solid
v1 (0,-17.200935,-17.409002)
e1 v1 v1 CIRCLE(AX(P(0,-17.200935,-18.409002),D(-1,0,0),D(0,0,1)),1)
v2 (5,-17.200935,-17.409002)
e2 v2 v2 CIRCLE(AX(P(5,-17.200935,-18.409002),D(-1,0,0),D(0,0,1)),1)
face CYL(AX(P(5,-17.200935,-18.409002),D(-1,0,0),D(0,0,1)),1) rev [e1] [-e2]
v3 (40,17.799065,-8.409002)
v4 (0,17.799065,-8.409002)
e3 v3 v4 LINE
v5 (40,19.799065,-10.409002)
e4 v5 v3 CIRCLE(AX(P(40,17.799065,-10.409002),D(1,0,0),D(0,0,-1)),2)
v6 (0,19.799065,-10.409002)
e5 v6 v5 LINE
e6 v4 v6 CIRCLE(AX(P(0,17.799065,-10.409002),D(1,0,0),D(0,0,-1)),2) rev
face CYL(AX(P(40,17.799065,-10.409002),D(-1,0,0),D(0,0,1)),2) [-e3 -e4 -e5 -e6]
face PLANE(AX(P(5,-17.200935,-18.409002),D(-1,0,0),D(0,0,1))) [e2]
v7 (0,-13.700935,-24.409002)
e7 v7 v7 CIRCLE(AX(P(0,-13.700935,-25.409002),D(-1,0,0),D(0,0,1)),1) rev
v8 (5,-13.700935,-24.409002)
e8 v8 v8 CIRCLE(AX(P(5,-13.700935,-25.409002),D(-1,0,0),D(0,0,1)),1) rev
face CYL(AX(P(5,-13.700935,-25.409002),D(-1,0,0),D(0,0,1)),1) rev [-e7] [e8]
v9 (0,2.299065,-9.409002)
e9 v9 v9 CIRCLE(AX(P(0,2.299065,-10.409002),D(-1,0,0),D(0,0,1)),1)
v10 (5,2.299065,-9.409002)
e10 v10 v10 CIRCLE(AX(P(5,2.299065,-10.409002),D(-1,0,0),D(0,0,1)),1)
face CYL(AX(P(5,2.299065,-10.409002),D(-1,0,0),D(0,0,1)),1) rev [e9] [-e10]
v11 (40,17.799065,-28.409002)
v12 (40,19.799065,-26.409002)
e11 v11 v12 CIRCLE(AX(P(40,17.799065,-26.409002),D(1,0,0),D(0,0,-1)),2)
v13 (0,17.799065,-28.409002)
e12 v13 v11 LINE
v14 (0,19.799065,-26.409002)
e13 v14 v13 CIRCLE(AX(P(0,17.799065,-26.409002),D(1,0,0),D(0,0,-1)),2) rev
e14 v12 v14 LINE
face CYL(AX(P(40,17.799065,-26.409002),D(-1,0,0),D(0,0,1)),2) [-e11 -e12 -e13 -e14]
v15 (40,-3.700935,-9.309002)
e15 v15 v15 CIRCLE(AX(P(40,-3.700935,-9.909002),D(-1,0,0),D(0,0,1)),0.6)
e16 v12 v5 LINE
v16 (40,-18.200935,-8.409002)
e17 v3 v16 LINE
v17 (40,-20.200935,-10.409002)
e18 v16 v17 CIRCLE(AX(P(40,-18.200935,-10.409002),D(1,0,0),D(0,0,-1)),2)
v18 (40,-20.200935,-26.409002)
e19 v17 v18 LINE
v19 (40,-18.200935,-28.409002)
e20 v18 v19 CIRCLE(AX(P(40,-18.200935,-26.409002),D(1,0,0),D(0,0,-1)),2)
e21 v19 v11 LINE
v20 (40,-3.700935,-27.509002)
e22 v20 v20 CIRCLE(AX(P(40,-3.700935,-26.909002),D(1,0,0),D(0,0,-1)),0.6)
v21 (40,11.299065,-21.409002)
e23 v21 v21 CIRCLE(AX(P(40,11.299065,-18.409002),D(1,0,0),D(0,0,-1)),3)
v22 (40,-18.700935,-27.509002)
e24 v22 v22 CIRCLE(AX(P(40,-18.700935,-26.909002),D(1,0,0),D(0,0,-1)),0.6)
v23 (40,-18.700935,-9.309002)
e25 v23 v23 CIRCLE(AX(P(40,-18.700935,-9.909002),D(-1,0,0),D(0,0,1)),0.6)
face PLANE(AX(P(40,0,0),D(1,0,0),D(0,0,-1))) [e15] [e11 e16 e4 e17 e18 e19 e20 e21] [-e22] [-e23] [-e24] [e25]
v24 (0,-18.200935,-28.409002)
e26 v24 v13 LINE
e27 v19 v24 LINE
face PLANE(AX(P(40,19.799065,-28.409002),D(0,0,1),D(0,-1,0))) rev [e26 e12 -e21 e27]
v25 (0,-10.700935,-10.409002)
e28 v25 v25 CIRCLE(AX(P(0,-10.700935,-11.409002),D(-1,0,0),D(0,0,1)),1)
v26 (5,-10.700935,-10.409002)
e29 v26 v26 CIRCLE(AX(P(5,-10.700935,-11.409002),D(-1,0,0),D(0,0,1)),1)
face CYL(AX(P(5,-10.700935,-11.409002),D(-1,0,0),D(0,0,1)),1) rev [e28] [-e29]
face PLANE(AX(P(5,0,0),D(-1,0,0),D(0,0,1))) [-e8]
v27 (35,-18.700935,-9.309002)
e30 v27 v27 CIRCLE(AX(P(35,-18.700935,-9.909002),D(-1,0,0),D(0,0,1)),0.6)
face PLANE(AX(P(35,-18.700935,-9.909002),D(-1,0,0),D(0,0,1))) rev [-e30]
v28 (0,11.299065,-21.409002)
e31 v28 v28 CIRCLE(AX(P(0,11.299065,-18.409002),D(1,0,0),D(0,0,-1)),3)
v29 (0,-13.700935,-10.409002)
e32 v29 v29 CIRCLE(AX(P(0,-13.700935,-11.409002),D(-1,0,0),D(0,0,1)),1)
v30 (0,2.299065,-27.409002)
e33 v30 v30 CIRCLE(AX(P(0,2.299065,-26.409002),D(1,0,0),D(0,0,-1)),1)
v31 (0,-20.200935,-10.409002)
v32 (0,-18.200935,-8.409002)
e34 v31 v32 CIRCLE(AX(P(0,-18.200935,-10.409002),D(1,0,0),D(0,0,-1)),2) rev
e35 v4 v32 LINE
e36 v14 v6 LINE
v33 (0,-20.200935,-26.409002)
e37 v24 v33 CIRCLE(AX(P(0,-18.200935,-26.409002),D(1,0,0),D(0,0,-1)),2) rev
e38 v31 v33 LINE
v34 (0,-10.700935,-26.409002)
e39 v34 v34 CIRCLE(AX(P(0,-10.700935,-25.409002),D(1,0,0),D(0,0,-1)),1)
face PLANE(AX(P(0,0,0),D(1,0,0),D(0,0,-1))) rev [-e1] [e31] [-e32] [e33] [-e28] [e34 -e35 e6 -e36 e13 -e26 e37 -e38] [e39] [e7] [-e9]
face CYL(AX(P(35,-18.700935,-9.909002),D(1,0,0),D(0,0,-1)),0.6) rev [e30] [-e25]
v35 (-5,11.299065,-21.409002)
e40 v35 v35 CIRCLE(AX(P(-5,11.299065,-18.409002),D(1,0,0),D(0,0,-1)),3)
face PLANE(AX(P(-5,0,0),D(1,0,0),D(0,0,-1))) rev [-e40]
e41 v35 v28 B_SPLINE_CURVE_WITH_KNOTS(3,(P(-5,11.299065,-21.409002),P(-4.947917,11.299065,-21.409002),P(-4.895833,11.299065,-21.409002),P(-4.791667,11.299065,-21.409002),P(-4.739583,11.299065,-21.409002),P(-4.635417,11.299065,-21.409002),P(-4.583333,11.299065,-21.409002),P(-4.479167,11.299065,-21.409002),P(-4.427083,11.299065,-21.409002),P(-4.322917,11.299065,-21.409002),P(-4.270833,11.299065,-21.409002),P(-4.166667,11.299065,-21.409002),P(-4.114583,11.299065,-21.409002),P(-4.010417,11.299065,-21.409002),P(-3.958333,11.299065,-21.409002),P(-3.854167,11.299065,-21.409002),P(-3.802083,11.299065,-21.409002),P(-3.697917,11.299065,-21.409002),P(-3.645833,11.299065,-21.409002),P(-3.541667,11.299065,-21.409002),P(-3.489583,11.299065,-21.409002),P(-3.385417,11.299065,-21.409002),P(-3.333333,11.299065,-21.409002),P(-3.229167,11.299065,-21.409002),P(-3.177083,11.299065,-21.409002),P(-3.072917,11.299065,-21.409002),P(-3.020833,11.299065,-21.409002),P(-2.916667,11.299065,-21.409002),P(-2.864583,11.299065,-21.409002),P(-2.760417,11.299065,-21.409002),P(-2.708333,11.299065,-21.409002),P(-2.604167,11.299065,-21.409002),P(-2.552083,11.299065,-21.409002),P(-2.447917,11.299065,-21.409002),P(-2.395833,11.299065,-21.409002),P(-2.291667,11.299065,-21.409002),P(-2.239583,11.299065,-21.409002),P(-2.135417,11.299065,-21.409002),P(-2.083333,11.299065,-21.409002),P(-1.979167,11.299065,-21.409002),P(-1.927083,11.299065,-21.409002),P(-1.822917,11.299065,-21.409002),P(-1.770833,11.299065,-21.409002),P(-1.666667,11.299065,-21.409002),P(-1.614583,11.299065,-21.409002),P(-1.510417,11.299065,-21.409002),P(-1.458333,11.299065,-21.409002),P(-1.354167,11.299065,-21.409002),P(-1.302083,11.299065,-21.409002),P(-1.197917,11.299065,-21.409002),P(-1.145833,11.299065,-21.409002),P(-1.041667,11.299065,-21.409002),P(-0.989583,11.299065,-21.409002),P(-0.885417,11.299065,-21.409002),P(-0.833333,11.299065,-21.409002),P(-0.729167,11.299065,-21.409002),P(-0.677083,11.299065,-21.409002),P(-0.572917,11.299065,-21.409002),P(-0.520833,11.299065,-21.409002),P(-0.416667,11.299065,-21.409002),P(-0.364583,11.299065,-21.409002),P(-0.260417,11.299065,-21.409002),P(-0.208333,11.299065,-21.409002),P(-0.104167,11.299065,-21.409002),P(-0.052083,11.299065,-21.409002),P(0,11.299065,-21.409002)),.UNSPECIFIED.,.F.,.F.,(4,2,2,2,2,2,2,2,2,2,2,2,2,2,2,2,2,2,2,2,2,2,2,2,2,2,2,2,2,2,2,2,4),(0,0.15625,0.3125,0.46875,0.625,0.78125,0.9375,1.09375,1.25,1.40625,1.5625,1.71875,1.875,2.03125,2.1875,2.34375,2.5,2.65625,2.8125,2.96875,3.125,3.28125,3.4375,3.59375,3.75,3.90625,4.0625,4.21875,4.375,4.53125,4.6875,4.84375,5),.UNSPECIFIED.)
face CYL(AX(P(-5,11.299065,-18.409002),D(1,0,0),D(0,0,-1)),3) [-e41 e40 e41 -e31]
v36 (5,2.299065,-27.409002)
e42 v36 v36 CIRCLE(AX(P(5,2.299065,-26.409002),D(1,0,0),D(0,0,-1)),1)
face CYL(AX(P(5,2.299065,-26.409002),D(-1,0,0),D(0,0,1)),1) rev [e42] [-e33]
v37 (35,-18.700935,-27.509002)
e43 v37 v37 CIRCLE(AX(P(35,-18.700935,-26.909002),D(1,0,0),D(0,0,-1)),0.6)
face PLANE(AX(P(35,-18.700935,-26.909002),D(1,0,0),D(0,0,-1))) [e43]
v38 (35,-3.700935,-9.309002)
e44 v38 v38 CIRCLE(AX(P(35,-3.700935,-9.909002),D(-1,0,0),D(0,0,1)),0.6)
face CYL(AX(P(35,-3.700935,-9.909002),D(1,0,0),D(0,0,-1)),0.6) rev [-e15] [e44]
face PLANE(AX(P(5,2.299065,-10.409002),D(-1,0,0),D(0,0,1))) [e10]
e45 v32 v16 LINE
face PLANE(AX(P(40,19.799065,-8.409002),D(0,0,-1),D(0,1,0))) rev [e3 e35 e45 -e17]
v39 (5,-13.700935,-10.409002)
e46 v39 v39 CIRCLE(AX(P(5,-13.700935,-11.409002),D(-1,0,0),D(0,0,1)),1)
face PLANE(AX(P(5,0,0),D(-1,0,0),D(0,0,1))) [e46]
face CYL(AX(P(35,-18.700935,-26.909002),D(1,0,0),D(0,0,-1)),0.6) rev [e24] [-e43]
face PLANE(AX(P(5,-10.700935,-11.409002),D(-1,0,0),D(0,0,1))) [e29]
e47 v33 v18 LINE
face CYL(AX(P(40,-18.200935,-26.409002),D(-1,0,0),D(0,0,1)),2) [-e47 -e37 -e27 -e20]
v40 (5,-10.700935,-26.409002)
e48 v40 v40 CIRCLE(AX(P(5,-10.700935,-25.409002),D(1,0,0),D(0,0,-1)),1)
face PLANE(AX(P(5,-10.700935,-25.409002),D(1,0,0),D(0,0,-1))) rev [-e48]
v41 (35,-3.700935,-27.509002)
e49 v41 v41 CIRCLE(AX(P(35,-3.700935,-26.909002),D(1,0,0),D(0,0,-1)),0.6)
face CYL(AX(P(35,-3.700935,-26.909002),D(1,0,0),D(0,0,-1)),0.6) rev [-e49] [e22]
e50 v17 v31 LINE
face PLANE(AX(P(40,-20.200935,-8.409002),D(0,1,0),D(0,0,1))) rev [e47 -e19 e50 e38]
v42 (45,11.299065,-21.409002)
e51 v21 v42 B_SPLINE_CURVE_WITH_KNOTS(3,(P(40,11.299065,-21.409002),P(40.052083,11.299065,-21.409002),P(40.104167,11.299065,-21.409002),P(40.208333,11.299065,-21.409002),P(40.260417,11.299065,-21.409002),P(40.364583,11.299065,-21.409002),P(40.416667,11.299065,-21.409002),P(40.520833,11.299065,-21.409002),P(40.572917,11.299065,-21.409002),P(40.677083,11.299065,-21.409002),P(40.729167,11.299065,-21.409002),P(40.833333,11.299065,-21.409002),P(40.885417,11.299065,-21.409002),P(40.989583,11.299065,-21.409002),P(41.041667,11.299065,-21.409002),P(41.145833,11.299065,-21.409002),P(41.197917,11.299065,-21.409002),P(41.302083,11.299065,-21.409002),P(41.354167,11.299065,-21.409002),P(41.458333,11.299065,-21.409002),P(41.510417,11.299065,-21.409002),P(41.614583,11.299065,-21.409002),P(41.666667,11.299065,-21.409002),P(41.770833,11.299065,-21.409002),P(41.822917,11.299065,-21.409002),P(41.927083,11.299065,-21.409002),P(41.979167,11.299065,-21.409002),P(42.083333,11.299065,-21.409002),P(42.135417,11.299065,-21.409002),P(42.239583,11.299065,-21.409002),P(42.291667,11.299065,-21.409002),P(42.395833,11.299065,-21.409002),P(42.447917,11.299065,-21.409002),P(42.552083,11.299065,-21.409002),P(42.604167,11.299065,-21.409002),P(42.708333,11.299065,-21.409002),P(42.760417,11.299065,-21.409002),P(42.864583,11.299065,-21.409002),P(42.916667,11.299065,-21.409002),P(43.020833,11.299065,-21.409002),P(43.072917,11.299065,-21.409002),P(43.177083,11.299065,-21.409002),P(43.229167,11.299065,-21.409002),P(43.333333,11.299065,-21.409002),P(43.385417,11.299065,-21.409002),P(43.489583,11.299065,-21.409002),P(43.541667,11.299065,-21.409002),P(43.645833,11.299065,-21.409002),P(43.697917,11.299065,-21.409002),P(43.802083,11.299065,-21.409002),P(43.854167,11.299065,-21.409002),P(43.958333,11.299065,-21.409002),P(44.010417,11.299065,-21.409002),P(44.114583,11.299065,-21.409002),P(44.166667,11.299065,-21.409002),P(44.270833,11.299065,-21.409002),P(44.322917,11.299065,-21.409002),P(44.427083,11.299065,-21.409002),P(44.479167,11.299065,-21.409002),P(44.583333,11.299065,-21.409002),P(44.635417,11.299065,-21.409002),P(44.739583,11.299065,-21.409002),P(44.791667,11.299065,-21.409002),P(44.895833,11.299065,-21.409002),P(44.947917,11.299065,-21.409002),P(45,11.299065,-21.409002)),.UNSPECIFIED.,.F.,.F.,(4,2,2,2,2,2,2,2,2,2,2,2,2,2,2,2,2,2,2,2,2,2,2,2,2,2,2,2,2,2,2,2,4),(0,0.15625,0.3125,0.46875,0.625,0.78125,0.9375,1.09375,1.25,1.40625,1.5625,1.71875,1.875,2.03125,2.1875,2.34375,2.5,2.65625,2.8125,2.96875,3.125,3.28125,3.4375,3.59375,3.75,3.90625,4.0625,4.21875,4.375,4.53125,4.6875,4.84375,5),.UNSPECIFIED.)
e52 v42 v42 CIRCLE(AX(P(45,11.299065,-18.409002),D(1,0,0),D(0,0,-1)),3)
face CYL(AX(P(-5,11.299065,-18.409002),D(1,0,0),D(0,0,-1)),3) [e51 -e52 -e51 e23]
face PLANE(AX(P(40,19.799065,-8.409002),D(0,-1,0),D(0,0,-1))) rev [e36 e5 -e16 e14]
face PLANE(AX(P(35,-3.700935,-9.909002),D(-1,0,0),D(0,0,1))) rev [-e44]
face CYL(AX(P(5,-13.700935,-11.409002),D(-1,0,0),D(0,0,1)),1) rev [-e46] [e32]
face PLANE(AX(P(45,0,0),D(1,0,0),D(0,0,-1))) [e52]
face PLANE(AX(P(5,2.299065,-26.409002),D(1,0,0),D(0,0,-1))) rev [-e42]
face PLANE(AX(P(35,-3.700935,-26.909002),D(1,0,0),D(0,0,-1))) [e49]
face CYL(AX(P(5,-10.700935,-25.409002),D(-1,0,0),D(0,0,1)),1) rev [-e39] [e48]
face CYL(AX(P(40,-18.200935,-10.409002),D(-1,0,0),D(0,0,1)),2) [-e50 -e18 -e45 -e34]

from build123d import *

# Parameters (mm, degrees)
SKETCH_1_W           = 20
SKETCH_1_H           = 40
EXTRUDE_1_DEPTH      = 40
SKETCH_2_R           = 0.6
CUT_EXTRUDE_1_DEPTH  = 5
EXTRUDE_3_DEPTH      = 5
EXTRUDE_3_DEPTH_BACK = 45
SKETCH_3_R           = 3
SKETCH_4_R           = 1
CUT_EXTRUDE_2_DEPTH  = 5
FILLET_1_R           = 2


with BuildPart() as part:
    # ｽｹｯﾁ1 → ﾎﾞｽ - 押し出し1 (new body)
    with BuildSketch(Plane(origin=(0, 0, 0), x_dir=(0, 0, -1), z_dir=(1, 0, 0))):
        with Locations((18.409001804, -0.200935369)):
            Rectangle(SKETCH_1_W, SKETCH_1_H)
    extrude(amount=EXTRUDE_1_DEPTH)

    # ｽｹｯﾁ2 → ｶｯﾄ - 押し出し1 (cut)
    with BuildSketch(Plane(origin=(40, 0, 0), x_dir=(0, 0, -1), z_dir=(1, 0, 0))):
        with Locations((26.909001804, -18.700935369)):
            Circle(SKETCH_2_R)
        with Locations((26.909001804, -3.700935369)):
            Circle(SKETCH_2_R)
        with Locations(Location((9.909001804, -3.700935369, 0), (0, 0, 180))):
            Circle(SKETCH_2_R)
        with Locations(Location((9.909001804, -18.700935369, 0), (0, 0, 180))):
            Circle(SKETCH_2_R)
    extrude(amount=-CUT_EXTRUDE_1_DEPTH, mode=Mode.SUBTRACT)

    # ｽｹｯﾁ3 → ﾎﾞｽ - 押し出し3 (add, two sides: drawn at the far end of the back side and taken through both)
    with BuildSketch(Plane(origin=(40, 0, 0), x_dir=(0, 0, -1), z_dir=(1, 0, 0)).offset(-EXTRUDE_3_DEPTH_BACK)):
        with Locations((18.409001804, 11.299064631)):
            Circle(SKETCH_3_R)
    extrude(amount=EXTRUDE_3_DEPTH + EXTRUDE_3_DEPTH_BACK)

    # ｽｹｯﾁ4 → ｶｯﾄ - 押し出し2 (cut)
    with BuildSketch(Plane.ZY):
        with Locations((-11.409001804, -13.700935369)):
            Circle(SKETCH_4_R)
        with Locations((-25.409001804, -13.700935369)):
            Circle(SKETCH_4_R)
        with Locations(Location((-26.409001804, 2.299064631, 0), (0, 0, 180))):
            Circle(SKETCH_4_R)
        with Locations((-10.409001804, 2.299064631)):
            Circle(SKETCH_4_R)
        with Locations((-11.409001804, -10.700935369)):
            Circle(SKETCH_4_R)
        with Locations(Location((-25.409001804, -10.700935369, 0), (0, 0, 180))):
            Circle(SKETCH_4_R)
        with Locations((-18.409001804, -17.200935369)):
            Circle(SKETCH_4_R)
    extrude(amount=-CUT_EXTRUDE_2_DEPTH, mode=Mode.SUBTRACT)

    # ﾌｨﾚｯﾄ1
    fillet_1_edges = [part.edges().sort_by_distance(p)[0] for p in [
        (20, 19.799064631, -8.409001804),
        (20, 19.799064631, -28.409001804),
        (20, -20.200935369, -28.409001804),
        (20, -20.200935369, -8.409001804),
    ]]
    fillet(fillet_1_edges, radius=FILLET_1_R)


solid = part.part
